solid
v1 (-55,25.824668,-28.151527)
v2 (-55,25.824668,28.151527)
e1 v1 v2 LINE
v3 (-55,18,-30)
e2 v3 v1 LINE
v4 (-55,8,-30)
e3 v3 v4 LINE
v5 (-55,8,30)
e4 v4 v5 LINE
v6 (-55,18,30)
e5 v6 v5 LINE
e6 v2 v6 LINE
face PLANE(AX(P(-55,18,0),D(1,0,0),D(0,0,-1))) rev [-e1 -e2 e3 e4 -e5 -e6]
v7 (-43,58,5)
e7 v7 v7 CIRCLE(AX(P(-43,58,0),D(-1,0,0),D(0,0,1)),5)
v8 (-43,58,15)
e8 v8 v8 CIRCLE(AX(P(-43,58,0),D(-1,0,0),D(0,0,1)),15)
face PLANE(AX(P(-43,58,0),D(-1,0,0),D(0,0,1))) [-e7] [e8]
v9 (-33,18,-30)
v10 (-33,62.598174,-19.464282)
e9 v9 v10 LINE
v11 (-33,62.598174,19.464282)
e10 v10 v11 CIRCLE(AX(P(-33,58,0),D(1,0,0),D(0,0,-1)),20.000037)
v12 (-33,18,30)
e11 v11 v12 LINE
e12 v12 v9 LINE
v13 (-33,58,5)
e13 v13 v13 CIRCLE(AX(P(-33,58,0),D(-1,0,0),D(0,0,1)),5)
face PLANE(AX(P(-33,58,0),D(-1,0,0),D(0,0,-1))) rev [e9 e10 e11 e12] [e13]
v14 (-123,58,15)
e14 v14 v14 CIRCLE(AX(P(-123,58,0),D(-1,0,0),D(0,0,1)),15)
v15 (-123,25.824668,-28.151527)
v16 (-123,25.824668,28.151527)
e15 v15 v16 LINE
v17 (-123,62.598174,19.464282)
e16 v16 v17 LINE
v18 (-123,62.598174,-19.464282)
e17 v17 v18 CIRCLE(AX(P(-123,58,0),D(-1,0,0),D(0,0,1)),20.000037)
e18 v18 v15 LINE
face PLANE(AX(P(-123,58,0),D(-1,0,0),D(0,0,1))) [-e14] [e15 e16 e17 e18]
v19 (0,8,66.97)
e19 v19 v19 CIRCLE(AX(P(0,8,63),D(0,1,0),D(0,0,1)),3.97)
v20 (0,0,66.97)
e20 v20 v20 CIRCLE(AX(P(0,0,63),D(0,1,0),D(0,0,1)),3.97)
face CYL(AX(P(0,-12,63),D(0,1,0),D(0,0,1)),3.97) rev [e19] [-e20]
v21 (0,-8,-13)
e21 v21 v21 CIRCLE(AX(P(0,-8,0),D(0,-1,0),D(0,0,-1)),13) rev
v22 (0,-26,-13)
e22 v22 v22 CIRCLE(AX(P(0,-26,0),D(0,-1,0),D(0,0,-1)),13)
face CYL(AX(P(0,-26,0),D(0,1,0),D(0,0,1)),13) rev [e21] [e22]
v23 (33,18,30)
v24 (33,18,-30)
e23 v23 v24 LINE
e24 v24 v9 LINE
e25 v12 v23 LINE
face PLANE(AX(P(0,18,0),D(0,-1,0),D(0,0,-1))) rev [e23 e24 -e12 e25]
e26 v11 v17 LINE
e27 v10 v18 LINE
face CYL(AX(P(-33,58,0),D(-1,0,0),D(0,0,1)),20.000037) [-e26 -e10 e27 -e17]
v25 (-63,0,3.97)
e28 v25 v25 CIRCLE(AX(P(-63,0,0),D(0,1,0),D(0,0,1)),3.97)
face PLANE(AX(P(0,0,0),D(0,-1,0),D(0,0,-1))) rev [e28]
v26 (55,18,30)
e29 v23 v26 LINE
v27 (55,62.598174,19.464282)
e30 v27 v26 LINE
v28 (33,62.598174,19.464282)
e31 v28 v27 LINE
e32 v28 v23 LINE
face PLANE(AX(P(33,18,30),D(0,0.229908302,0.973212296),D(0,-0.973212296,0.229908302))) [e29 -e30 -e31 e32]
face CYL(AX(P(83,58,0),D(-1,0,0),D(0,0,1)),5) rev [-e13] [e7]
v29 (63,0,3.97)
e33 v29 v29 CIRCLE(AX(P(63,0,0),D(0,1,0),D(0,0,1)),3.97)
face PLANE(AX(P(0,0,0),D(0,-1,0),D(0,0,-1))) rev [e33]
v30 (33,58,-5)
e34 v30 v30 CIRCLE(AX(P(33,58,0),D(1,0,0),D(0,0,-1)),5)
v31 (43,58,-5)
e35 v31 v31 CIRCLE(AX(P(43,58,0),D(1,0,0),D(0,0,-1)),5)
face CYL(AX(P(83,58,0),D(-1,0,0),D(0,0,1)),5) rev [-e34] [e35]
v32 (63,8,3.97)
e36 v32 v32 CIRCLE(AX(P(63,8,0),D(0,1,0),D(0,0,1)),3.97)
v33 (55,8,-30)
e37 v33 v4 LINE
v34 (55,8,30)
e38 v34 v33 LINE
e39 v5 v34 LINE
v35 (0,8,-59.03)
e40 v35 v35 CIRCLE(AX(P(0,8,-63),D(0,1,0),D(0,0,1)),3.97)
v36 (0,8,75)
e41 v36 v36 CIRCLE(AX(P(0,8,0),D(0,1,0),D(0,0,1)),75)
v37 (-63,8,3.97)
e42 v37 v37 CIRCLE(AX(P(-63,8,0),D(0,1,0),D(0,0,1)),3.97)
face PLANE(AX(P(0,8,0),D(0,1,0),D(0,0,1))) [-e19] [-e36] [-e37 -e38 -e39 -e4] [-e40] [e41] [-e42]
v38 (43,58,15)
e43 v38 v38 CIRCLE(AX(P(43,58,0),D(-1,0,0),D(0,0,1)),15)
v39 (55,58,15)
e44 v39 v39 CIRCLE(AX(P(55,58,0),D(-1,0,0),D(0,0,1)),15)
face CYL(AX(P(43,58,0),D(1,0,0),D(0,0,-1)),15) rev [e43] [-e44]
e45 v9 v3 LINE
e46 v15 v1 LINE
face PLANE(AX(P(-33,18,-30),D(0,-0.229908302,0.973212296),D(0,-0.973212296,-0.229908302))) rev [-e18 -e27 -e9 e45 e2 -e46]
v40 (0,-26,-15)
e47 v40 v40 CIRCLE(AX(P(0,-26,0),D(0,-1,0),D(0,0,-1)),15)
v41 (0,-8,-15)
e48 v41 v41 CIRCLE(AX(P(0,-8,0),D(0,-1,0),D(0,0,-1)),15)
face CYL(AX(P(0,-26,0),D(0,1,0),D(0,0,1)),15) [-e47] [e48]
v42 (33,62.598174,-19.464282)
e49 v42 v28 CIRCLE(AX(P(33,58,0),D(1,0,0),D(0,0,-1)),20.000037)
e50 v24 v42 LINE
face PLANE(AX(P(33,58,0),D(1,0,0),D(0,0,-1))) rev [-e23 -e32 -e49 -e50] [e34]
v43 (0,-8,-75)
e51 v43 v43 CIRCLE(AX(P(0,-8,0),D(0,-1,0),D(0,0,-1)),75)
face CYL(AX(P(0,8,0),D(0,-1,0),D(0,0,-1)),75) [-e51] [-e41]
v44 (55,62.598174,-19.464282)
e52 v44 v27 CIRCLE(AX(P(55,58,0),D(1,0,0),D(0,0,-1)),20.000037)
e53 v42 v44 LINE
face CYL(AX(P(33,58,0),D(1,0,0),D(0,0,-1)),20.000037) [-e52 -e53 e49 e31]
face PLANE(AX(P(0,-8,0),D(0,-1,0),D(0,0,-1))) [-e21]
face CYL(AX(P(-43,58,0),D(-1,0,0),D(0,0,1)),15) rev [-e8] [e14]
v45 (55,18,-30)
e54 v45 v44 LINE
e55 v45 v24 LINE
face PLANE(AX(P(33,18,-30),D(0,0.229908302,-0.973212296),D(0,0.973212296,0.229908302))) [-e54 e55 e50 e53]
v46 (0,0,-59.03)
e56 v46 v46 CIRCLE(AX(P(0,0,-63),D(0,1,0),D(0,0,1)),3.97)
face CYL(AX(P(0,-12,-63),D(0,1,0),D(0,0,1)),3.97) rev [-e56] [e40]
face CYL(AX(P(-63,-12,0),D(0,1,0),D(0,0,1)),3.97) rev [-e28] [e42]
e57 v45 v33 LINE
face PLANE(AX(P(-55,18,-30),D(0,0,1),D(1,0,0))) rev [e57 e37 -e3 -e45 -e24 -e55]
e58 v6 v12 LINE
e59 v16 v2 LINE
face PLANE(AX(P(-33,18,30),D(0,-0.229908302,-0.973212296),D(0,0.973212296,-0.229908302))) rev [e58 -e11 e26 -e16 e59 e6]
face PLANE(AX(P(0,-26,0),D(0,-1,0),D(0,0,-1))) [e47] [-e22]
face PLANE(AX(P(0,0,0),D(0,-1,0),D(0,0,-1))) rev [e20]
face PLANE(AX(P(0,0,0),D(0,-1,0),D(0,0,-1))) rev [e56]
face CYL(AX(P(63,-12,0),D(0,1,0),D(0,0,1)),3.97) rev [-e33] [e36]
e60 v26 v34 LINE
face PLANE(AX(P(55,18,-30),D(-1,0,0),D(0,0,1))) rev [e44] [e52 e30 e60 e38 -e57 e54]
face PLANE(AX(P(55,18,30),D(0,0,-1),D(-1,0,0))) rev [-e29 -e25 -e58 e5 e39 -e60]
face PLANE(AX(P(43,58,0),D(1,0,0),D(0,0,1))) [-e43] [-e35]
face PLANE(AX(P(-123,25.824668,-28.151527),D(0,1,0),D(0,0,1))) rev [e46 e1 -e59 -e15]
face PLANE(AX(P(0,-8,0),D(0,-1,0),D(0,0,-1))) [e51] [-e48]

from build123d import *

# Parameters (mm, degrees)
CROQUIS1_R              = 75
SALIENTE_EXTRUIR1_DEPTH = 8
CROQUIS2_R              = 3.97
CORTAR_EXTRUIR1_DEPTH   = 20
SALIENTE_EXTRUIR2_DEPTH = 10
SALIENTE_EXTRUIR3_DEPTH = 22
CROQUIS5_R              = 15
CORTAR_EXTRUIR2_DEPTH   = 12
CROQUIS6_R              = 5
CORTAR_EXTRUIR3_DEPTH   = 126
CROQUIS7_R              = 15
SALIENTE_EXTRUIR4_DEPTH = 68
CROQUIS8_R              = 75
SALIENTE_EXTRUIR5_DEPTH = 8
CROQUIS9_R              = 15
CROQUIS9_R_2            = 13
SALIENTE_EXTRUIR6_DEPTH = 18


with BuildPart() as part:
    # Croquis1 → Saliente-Extruir1 (new body)
    with BuildSketch(Plane(origin=(0, 0, 0), x_dir=(1, 0, 0), z_dir=(0, 1, 0))):
        Circle(CROQUIS1_R)
    extrude(amount=SALIENTE_EXTRUIR1_DEPTH)

    # Croquis2 → Cortar-Extruir1 (cut)
    with BuildSketch(Plane(origin=(0, 8, 0), x_dir=(1, 0, 0), z_dir=(0, 1, 0))):
        with Locations((0, 63)):
            Circle(CROQUIS2_R)
        with Locations((63, 0)):
            Circle(CROQUIS2_R)
        with Locations((0, -63)):
            Circle(CROQUIS2_R)
        with Locations((-63, 0)):
            Circle(CROQUIS2_R)
    extrude(amount=-CORTAR_EXTRUIR1_DEPTH, mode=Mode.SUBTRACT)

    # Croquis3 → Saliente-Extruir2 (add)
    with BuildSketch(Plane(origin=(0, 8, 0), x_dir=(1, 0, 0), z_dir=(0, 1, 0))):
        Polygon((-55, 0), (-55, 30), (55, 30), (55, 0), (55, -30), (-55, -30), align=None)
    extrude(amount=SALIENTE_EXTRUIR2_DEPTH)

    # Croquis4 → Saliente-Extruir3 (add)
    with BuildSketch(Plane(origin=(55, 0, 0), x_dir=(0, 0, -1), z_dir=(1, 0, 0))):
        with BuildLine():
            Line((-30, 18), (30, 18))
            Line((30, 18), (19.464281728, 62.598174498))
            ThreePointArc((19.464281728, 62.598174498), (0, 78.000036798), (-19.464281728, 62.598174498))
            Line((-19.464281728, 62.598174498), (-30, 18))
        make_face()
    saliente_extruir3 = extrude(amount=-SALIENTE_EXTRUIR3_DEPTH)

    # Simetría1: Saliente-Extruir3 across plane
    add(saliente_extruir3.mirror(Plane(origin=(0, 0, 0), x_dir=(0, 0, 1), z_dir=(1, 0, 0))))

    # Croquis5 → Cortar-Extruir2 (cut)
    with BuildSketch(Plane.ZY.offset(55)):
        with Locations((0, 58)):
            Circle(CROQUIS5_R)
    cortar_extruir2 = extrude(amount=-CORTAR_EXTRUIR2_DEPTH, mode=Mode.SUBTRACT)

    # Simetría2: Cortar-Extruir2 across plane
    add(cortar_extruir2.mirror(Plane(origin=(0, 0, 0), x_dir=(0, 0, 1), z_dir=(1, 0, 0))), mode=Mode.SUBTRACT)

    # Croquis6 → Cortar-Extruir3 (cut)
    with BuildSketch(Plane.ZY.offset(43)):
        with Locations((0, 58)):
            Circle(CROQUIS6_R)
    extrude(amount=-CORTAR_EXTRUIR3_DEPTH, mode=Mode.SUBTRACT)

    # Croquis7 → Saliente-Extruir4 (add)
    with BuildSketch(Plane.ZY.offset(55)):
        with BuildLine():
            Line((-19.464281728, 62.598174498), (-28.151527476, 25.824668242))
            Line((-28.151527476, 25.824668242), (28.151527476, 25.824668242))
            Line((28.151527476, 25.824668242), (19.464281728, 62.598174498))
            ThreePointArc((19.464281728, 62.598174498), (0, 78.000036798), (-19.464281728, 62.598174498))
        make_face()
        with Locations((0, 58)):
            Circle(CROQUIS7_R, mode=Mode.SUBTRACT)
    extrude(amount=SALIENTE_EXTRUIR4_DEPTH)

    # Croquis8 → Saliente-Extruir5 (add)
    with BuildSketch(Plane.XZ):
        Circle(CROQUIS8_R)
    extrude(amount=SALIENTE_EXTRUIR5_DEPTH)

    # Croquis9 → Saliente-Extruir6 (add)
    with BuildSketch(Plane.XZ.offset(8)):
        Circle(CROQUIS9_R)
        Circle(CROQUIS9_R_2, mode=Mode.SUBTRACT)
    extrude(amount=SALIENTE_EXTRUIR6_DEPTH)


solid = part.part
